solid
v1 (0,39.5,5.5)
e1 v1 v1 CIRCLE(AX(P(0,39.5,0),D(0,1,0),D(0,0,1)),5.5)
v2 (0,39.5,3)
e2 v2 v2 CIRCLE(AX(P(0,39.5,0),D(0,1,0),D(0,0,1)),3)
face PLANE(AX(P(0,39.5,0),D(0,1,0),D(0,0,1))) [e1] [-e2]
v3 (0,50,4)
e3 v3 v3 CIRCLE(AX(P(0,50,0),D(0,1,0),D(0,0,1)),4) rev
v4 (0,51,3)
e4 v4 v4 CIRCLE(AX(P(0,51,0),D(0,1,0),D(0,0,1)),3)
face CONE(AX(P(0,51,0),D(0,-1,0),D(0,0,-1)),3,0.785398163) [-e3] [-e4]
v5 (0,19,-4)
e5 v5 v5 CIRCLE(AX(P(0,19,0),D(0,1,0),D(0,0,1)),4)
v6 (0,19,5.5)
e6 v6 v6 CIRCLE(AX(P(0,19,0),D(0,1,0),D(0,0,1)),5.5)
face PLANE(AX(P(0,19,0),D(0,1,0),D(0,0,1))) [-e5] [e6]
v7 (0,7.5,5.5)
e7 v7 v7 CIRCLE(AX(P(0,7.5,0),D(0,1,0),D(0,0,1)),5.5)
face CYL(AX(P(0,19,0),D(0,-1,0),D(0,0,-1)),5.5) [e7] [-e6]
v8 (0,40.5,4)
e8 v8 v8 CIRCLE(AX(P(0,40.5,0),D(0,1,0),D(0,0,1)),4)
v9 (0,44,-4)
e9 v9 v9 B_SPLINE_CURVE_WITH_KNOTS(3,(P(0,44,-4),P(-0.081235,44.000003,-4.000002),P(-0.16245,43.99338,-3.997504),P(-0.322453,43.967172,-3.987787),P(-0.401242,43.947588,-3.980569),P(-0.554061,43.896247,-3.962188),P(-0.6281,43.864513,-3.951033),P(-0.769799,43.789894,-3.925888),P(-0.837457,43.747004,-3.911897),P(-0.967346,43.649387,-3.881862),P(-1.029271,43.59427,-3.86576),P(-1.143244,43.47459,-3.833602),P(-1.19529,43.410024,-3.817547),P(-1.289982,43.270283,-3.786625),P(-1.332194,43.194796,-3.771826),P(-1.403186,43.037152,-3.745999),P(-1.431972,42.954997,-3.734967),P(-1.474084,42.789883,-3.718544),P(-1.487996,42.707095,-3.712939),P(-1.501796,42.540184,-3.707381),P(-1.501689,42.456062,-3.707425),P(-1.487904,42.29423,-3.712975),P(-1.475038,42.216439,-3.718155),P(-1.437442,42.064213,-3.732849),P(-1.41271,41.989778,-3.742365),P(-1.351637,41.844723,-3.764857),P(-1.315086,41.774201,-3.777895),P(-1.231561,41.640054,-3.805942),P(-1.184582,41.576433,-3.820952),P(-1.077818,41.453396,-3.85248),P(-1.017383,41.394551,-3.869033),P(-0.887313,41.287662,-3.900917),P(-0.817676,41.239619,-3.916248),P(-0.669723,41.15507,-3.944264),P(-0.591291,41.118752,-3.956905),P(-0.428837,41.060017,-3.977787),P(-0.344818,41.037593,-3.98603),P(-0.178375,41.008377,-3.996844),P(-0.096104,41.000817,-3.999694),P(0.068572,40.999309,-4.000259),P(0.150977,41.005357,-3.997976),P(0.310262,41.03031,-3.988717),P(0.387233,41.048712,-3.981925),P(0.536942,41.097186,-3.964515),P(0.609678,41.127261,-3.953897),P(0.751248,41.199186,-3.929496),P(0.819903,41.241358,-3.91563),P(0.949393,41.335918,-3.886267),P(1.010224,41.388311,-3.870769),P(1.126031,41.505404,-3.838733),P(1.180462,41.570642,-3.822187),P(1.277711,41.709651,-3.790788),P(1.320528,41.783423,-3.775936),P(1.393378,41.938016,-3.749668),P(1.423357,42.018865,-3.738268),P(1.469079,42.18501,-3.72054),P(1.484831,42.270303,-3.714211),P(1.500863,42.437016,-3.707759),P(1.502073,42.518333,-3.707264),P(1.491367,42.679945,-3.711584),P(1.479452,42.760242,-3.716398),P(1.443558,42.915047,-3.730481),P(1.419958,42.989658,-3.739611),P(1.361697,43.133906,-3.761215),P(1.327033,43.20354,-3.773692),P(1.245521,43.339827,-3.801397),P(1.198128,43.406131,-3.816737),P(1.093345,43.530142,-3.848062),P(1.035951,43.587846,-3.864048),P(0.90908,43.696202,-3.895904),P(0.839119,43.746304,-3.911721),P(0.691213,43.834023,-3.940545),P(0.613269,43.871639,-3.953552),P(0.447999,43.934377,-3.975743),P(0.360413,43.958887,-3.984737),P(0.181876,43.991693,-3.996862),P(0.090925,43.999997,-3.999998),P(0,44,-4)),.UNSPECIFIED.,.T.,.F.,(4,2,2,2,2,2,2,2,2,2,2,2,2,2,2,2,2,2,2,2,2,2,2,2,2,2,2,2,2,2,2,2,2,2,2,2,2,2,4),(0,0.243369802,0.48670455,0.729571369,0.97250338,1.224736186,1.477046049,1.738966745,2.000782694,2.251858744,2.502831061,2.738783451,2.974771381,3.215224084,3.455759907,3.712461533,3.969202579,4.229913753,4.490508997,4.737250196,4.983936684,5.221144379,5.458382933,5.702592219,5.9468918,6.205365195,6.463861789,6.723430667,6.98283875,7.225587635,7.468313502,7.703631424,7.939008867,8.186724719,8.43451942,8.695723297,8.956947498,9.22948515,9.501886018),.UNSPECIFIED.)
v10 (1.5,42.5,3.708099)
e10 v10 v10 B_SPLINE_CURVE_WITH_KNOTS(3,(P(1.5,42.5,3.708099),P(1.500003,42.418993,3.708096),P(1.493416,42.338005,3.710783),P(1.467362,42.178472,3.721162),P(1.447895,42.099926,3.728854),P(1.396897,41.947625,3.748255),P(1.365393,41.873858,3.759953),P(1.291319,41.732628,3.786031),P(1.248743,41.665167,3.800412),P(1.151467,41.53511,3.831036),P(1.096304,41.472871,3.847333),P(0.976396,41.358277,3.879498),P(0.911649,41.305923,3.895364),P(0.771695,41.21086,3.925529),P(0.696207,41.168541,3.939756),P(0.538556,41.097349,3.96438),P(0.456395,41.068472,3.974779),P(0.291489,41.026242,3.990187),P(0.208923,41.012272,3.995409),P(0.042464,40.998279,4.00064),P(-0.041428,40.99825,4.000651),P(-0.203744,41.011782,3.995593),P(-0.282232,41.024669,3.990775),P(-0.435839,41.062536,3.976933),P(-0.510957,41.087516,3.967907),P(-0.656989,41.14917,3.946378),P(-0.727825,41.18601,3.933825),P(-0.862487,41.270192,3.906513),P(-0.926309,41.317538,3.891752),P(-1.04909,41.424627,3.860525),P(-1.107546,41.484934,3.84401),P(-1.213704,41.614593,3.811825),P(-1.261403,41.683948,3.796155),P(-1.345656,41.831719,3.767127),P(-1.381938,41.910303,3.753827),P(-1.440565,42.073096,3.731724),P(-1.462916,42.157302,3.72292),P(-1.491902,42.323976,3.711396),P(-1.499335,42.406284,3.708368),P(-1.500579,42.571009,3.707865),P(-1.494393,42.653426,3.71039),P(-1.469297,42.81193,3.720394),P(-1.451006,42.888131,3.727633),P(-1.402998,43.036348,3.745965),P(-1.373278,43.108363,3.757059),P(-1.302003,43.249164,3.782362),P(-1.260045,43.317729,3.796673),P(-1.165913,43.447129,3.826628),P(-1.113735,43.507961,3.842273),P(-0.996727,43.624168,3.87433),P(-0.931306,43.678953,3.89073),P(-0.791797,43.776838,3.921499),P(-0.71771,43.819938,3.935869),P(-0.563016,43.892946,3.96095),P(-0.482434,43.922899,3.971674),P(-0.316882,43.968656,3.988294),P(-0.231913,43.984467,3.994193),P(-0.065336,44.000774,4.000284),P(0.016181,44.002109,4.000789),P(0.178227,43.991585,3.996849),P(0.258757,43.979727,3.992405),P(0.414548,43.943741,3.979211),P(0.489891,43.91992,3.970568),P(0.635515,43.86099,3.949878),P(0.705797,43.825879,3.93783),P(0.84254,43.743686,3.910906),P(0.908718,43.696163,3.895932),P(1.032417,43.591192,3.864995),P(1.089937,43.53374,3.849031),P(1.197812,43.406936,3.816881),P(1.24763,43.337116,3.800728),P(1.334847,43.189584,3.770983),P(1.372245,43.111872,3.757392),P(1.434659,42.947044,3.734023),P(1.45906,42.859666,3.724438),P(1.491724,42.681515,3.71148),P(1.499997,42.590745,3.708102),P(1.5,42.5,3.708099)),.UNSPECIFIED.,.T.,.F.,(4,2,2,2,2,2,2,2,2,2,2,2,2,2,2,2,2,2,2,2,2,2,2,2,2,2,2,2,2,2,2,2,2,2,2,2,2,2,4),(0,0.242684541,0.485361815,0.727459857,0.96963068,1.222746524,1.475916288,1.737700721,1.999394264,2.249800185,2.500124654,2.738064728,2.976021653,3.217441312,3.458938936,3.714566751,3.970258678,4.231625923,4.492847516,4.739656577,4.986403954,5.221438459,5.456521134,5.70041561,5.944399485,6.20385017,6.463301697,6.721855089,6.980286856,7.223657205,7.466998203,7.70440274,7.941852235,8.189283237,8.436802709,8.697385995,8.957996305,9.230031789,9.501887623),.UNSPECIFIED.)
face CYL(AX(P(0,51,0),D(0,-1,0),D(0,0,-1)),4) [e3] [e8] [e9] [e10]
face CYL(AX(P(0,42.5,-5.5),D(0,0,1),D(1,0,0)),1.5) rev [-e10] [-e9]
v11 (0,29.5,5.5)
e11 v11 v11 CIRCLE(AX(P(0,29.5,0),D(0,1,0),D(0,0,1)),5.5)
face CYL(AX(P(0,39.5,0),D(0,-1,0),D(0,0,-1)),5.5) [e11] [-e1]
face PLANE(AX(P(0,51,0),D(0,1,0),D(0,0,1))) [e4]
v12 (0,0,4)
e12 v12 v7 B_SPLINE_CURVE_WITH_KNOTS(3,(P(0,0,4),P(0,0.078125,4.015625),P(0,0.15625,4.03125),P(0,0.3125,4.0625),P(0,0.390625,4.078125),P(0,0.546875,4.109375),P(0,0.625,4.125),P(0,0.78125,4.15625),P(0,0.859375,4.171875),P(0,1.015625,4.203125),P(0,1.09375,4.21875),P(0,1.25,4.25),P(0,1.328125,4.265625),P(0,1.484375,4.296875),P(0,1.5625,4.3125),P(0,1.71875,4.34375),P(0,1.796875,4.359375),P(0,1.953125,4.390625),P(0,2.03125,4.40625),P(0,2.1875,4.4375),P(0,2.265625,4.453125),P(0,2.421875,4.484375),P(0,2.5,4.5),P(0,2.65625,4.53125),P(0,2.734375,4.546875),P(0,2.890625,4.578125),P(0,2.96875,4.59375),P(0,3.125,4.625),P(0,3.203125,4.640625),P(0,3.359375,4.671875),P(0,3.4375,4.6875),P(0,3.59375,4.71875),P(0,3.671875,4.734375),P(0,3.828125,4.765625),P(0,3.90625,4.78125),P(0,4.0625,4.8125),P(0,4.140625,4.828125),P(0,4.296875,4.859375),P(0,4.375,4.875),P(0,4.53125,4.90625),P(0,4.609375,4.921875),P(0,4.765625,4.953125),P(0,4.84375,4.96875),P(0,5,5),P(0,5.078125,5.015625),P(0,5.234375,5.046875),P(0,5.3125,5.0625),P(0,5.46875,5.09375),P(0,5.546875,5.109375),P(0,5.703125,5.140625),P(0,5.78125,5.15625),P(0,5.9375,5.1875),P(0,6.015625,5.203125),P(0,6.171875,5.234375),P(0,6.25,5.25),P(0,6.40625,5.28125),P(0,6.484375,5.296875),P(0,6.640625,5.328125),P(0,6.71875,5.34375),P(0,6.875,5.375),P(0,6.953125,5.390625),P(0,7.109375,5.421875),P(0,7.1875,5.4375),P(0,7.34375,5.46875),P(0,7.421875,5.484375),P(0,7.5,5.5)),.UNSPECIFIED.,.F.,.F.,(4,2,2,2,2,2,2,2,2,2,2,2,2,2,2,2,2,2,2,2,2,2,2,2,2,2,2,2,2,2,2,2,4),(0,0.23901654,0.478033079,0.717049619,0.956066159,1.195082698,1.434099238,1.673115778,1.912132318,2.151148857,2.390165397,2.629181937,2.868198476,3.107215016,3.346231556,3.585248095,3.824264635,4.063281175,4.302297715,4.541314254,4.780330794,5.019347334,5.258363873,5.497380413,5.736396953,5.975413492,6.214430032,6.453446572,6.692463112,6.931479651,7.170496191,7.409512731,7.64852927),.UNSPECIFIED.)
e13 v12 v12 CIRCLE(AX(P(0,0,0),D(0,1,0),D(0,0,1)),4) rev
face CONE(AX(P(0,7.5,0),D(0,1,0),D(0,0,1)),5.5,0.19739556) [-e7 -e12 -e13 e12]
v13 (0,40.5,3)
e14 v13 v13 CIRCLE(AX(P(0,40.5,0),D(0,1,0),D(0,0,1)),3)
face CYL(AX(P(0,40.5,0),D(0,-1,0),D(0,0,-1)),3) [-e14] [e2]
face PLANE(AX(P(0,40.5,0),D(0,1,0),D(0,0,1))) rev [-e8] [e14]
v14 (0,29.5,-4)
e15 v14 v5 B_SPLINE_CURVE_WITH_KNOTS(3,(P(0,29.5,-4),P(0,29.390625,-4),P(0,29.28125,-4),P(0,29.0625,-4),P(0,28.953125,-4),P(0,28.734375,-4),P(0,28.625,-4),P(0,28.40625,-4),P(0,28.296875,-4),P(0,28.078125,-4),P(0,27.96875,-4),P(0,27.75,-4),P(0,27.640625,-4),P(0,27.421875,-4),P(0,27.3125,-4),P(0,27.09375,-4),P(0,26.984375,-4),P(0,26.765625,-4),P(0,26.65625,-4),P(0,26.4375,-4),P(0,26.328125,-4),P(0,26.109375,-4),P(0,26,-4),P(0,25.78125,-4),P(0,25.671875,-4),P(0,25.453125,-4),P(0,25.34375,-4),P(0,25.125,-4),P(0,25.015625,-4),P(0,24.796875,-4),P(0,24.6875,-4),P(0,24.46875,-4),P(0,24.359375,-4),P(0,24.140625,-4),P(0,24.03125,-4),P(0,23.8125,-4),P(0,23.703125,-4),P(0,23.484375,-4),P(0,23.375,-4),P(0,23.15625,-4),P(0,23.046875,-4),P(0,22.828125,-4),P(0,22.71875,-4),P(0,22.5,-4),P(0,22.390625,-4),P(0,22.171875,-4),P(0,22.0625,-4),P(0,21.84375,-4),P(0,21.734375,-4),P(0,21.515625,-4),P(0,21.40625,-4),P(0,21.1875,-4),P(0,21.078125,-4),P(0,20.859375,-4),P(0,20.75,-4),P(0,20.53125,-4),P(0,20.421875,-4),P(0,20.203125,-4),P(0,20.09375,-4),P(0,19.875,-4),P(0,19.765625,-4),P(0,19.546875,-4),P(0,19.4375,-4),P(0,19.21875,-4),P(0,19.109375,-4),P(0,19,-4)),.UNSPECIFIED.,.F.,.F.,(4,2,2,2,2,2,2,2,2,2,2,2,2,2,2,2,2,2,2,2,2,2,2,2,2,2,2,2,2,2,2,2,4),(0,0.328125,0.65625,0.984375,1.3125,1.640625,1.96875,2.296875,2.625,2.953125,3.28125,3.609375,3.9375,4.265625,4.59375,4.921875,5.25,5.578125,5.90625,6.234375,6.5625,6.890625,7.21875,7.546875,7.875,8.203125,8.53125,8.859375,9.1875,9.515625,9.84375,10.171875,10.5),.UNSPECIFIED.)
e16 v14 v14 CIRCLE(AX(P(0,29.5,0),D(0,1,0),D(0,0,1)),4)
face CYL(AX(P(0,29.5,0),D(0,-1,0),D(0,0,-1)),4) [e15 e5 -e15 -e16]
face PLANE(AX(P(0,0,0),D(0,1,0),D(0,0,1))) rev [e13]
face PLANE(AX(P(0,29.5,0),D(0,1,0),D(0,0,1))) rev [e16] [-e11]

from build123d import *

# Parameters (mm, degrees)
ESQUISSE2_R                  = 5.5
BOSS_EXTRU_2_DEPTH           = 19
CHANFREIN1_SIZE              = 1.5
CHANFREIN1_SIZE2             = 7.5
ESQUISSE8_R                  = 4
BOSS_EXTRU_3_DEPTH           = 10.5
ESQUISSE9_R                  = 5.5
BOSS_EXTRU_4_DEPTH           = 10
ESQUISSE10_R                 = 3
BOSS_EXTRU_5_DEPTH           = 1
ESQUISSE12_R                 = 4
BOSS_EXTRU_6_DEPTH           = 10.5
CHANFREIN2_SIZE              = 1
ENL_V_MAT_EXTRU_1_DEPTH      = 52.58972766
ENL_V_MAT_EXTRU_1_DEPTH_BACK = 52.58972766
ESQUISSE15_R                 = 1.5


with BuildPart() as part:
    # Esquisse2 → Boss.-Extru.2 (new body)
    with BuildSketch(Plane(origin=(0, 0, 0), x_dir=(1, 0, 0), z_dir=(0, 1, 0))):
        with Locations(Location((0, 0, 0), (0, 0, 270))):
            Circle(ESQUISSE2_R)
    extrude(amount=BOSS_EXTRU_2_DEPTH)

    # Chanfrein1
    chanfrein1_edges = [part.edges().sort_by_distance(p)[0] for p in [
        (0, 0, -5.5),
    ]]
    chanfrein1_side = [part.faces().sort_by_distance(p)[0] for p in [
        (0, 0, 0),
    ]]
    chamfer(chanfrein1_edges, length=CHANFREIN1_SIZE, length2=CHANFREIN1_SIZE2, reference=chanfrein1_side[0])

    # Esquisse8 → Boss.-Extru.3 (add)
    with BuildSketch(Plane(origin=(0, 19, 0), x_dir=(1, 0, 0), z_dir=(0, 1, 0))):
        with Locations(Location((0, 0, 0), (0, 0, 90))):
            Circle(ESQUISSE8_R)
    extrude(amount=BOSS_EXTRU_3_DEPTH)

    # Esquisse9 → Boss.-Extru.4 (add)
    with BuildSketch(Plane(origin=(0, 29.5, 0), x_dir=(1, 0, 0), z_dir=(0, 1, 0))):
        with Locations(Location((0, 0, 0), (0, 0, 270))):
            Circle(ESQUISSE9_R)
    extrude(amount=BOSS_EXTRU_4_DEPTH)

    # Esquisse10 → Boss.-Extru.5 (add)
    with BuildSketch(Plane(origin=(0, 39.5, 0), x_dir=(1, 0, 0), z_dir=(0, 1, 0))):
        with Locations(Location((0, 0, 0), (0, 0, 270))):
            Circle(ESQUISSE10_R)
    extrude(amount=BOSS_EXTRU_5_DEPTH)

    # Esquisse12 → Boss.-Extru.6 (add)
    with BuildSketch(Plane(origin=(0, 40.5, 0), x_dir=(1, 0, 0), z_dir=(0, 1, 0))):
        with Locations(Location((0, 0, 0), (0, 0, 90))):
            Circle(ESQUISSE12_R)
    extrude(amount=BOSS_EXTRU_6_DEPTH)

    # Chanfrein2
    chanfrein2_edges = [part.edges().sort_by_distance(p)[0] for p in [
        (0, 51, 4),
    ]]
    chamfer(chanfrein2_edges, length=CHANFREIN2_SIZE)

    # Esquisse15 → Enlèv. mat.-Extru.1 (cut, two sides: drawn at the far end of the back side and taken through both)
    with BuildSketch(Plane.XY.offset(-ENL_V_MAT_EXTRU_1_DEPTH_BACK)):
        with Locations(Location((0, 42.5, 0), (0, 0, 90.000000025))):
            Circle(ESQUISSE15_R)
    extrude(amount=ENL_V_MAT_EXTRU_1_DEPTH + ENL_V_MAT_EXTRU_1_DEPTH_BACK, mode=Mode.SUBTRACT)


solid = part.part
